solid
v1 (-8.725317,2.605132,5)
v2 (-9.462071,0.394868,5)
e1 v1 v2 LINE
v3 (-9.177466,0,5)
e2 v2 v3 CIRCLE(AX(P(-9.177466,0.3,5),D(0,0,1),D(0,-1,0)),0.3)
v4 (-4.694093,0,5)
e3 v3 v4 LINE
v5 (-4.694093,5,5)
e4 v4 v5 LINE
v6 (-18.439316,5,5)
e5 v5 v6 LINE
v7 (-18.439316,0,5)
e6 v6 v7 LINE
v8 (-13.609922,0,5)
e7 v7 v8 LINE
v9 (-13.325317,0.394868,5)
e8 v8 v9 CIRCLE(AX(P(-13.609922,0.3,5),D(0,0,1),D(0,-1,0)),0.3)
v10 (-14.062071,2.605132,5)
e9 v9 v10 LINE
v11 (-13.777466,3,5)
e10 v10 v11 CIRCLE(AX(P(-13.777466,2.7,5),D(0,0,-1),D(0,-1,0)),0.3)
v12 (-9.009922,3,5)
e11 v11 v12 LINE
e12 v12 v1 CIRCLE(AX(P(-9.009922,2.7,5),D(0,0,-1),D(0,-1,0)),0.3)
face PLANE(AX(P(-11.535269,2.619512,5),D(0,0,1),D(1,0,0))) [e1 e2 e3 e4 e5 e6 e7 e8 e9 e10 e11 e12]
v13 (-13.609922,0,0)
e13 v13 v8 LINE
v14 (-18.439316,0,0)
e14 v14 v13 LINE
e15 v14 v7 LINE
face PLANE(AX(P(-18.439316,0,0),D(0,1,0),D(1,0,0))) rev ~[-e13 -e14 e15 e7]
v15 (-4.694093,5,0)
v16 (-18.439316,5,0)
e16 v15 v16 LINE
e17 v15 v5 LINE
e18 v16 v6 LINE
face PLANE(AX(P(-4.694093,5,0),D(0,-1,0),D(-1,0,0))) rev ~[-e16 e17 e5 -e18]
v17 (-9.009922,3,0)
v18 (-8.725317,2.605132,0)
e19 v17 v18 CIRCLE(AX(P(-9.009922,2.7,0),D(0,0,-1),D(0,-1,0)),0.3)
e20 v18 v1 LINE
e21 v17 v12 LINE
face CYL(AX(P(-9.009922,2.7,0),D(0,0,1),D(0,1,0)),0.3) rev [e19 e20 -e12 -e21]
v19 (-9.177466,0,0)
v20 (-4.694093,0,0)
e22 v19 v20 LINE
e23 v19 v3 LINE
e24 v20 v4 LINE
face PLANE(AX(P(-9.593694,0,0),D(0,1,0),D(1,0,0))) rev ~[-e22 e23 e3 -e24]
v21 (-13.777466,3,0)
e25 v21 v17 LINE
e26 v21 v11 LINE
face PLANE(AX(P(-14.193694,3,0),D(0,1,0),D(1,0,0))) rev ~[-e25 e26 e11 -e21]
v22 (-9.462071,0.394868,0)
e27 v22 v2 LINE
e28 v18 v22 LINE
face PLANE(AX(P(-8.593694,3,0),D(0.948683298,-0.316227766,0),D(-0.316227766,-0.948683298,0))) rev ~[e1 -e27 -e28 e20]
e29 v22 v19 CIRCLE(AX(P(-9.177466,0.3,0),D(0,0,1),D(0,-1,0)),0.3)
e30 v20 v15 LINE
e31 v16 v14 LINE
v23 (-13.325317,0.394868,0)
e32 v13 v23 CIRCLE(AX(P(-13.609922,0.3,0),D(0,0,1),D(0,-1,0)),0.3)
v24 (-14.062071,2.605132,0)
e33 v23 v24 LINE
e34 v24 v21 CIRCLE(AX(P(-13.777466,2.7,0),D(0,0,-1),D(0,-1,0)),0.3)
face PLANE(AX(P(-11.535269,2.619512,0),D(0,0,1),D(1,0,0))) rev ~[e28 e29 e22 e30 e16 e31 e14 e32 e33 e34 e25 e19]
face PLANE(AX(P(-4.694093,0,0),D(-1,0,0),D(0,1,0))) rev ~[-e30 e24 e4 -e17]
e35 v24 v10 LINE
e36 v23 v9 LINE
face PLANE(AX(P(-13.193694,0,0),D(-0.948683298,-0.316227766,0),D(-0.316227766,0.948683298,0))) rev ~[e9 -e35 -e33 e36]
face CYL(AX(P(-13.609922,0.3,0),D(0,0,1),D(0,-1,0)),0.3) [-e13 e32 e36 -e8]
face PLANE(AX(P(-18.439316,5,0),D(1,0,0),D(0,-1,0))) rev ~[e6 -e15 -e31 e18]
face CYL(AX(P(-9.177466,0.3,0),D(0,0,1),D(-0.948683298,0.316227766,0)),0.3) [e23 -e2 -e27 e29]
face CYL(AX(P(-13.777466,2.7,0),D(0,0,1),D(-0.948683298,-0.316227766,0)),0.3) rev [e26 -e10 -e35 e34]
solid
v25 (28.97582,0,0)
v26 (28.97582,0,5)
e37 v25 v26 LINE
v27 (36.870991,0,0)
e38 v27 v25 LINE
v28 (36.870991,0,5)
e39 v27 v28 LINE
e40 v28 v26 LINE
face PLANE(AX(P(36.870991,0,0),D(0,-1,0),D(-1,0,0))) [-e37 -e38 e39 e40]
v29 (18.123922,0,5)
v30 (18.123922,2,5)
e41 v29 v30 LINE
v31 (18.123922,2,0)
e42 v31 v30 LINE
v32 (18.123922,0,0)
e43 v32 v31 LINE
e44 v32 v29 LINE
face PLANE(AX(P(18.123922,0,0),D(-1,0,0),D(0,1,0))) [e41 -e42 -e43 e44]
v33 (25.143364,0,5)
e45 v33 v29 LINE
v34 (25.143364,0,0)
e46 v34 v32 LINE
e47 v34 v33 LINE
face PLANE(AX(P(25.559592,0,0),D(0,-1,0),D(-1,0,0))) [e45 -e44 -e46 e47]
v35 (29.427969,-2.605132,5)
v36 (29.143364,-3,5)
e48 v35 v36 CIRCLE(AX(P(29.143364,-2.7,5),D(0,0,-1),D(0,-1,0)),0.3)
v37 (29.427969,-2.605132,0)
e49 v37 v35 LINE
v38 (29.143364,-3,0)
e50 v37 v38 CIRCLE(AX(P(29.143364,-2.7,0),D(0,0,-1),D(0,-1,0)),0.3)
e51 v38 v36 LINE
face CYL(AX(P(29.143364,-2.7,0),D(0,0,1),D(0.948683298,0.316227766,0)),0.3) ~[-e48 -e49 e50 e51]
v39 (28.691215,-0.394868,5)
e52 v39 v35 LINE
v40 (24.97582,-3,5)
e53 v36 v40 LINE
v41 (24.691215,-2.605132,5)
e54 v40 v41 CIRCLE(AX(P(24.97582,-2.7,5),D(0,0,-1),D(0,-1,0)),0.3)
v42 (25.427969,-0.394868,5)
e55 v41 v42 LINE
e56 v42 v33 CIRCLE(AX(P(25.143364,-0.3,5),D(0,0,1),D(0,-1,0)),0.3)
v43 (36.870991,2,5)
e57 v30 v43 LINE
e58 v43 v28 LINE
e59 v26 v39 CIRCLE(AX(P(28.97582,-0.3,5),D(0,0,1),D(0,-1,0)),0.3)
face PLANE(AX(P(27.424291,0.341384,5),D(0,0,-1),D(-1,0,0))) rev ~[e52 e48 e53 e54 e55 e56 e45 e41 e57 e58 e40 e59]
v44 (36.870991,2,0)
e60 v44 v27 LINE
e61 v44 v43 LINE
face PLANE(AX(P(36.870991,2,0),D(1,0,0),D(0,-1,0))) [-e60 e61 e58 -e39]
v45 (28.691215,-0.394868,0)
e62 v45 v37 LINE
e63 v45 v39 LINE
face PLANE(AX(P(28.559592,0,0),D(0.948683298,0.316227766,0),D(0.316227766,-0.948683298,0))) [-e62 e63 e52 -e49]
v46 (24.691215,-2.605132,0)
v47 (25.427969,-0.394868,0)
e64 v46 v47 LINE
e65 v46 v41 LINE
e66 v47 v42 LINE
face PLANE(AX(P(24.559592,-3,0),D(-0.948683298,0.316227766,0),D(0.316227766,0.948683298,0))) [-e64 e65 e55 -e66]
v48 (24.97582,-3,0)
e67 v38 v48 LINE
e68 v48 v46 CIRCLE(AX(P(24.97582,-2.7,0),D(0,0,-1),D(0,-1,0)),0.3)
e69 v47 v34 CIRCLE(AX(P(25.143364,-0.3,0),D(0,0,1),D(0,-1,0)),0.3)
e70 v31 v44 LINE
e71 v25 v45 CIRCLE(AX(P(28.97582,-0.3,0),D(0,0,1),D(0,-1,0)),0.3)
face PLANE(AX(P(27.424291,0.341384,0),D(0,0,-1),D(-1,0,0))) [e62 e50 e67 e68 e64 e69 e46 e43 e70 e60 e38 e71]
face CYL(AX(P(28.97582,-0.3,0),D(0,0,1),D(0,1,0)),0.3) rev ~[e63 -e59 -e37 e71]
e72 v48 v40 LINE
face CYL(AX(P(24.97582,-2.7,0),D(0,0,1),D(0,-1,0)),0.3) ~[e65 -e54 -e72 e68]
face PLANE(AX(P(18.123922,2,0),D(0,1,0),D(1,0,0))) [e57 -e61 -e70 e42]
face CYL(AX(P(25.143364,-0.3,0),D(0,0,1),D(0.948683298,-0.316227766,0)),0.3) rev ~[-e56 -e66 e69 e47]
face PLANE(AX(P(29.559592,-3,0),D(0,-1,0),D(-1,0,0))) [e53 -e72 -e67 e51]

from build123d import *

# Parameters (mm, degrees)
PAD_DEPTH = 5
FILLET_R  = 0.3


with BuildPart() as part:
    # Sketch → Pad (new body)
    with BuildSketch(Plane.XY):
        Polygon((18.123922, 2), (36.870991, 2), (36.870991, 0), (28.559592, 0), (29.559592, -3), (24.559592, -3), (25.559592, 0), (18.123922, 0), align=None)
        Polygon((-18.439316, 0), (-13.193694, 0), (-14.193694, 3), (-8.593694, 3), (-9.593694, 0), (-4.694093, 0), (-4.694093, 5), (-18.439316, 5), align=None)
    extrude(amount=PAD_DEPTH)

    # Fillet
    fillet_edges = [part.edges().sort_by_distance(p)[0] for p in [
        (-13.193694, 0, 2.5),
        (29.559592, -3, 2.5),
        (-14.193694, 3, 2.5),
        (28.559592, 0, 2.5),
        (-8.593694, 3, 2.5),
        (-9.593694, 0, 2.5),
        (25.559592, 0, 2.5),
        (24.559592, -3, 2.5),
    ]]
    fillet(fillet_edges, radius=FILLET_R)


solid = part.part
